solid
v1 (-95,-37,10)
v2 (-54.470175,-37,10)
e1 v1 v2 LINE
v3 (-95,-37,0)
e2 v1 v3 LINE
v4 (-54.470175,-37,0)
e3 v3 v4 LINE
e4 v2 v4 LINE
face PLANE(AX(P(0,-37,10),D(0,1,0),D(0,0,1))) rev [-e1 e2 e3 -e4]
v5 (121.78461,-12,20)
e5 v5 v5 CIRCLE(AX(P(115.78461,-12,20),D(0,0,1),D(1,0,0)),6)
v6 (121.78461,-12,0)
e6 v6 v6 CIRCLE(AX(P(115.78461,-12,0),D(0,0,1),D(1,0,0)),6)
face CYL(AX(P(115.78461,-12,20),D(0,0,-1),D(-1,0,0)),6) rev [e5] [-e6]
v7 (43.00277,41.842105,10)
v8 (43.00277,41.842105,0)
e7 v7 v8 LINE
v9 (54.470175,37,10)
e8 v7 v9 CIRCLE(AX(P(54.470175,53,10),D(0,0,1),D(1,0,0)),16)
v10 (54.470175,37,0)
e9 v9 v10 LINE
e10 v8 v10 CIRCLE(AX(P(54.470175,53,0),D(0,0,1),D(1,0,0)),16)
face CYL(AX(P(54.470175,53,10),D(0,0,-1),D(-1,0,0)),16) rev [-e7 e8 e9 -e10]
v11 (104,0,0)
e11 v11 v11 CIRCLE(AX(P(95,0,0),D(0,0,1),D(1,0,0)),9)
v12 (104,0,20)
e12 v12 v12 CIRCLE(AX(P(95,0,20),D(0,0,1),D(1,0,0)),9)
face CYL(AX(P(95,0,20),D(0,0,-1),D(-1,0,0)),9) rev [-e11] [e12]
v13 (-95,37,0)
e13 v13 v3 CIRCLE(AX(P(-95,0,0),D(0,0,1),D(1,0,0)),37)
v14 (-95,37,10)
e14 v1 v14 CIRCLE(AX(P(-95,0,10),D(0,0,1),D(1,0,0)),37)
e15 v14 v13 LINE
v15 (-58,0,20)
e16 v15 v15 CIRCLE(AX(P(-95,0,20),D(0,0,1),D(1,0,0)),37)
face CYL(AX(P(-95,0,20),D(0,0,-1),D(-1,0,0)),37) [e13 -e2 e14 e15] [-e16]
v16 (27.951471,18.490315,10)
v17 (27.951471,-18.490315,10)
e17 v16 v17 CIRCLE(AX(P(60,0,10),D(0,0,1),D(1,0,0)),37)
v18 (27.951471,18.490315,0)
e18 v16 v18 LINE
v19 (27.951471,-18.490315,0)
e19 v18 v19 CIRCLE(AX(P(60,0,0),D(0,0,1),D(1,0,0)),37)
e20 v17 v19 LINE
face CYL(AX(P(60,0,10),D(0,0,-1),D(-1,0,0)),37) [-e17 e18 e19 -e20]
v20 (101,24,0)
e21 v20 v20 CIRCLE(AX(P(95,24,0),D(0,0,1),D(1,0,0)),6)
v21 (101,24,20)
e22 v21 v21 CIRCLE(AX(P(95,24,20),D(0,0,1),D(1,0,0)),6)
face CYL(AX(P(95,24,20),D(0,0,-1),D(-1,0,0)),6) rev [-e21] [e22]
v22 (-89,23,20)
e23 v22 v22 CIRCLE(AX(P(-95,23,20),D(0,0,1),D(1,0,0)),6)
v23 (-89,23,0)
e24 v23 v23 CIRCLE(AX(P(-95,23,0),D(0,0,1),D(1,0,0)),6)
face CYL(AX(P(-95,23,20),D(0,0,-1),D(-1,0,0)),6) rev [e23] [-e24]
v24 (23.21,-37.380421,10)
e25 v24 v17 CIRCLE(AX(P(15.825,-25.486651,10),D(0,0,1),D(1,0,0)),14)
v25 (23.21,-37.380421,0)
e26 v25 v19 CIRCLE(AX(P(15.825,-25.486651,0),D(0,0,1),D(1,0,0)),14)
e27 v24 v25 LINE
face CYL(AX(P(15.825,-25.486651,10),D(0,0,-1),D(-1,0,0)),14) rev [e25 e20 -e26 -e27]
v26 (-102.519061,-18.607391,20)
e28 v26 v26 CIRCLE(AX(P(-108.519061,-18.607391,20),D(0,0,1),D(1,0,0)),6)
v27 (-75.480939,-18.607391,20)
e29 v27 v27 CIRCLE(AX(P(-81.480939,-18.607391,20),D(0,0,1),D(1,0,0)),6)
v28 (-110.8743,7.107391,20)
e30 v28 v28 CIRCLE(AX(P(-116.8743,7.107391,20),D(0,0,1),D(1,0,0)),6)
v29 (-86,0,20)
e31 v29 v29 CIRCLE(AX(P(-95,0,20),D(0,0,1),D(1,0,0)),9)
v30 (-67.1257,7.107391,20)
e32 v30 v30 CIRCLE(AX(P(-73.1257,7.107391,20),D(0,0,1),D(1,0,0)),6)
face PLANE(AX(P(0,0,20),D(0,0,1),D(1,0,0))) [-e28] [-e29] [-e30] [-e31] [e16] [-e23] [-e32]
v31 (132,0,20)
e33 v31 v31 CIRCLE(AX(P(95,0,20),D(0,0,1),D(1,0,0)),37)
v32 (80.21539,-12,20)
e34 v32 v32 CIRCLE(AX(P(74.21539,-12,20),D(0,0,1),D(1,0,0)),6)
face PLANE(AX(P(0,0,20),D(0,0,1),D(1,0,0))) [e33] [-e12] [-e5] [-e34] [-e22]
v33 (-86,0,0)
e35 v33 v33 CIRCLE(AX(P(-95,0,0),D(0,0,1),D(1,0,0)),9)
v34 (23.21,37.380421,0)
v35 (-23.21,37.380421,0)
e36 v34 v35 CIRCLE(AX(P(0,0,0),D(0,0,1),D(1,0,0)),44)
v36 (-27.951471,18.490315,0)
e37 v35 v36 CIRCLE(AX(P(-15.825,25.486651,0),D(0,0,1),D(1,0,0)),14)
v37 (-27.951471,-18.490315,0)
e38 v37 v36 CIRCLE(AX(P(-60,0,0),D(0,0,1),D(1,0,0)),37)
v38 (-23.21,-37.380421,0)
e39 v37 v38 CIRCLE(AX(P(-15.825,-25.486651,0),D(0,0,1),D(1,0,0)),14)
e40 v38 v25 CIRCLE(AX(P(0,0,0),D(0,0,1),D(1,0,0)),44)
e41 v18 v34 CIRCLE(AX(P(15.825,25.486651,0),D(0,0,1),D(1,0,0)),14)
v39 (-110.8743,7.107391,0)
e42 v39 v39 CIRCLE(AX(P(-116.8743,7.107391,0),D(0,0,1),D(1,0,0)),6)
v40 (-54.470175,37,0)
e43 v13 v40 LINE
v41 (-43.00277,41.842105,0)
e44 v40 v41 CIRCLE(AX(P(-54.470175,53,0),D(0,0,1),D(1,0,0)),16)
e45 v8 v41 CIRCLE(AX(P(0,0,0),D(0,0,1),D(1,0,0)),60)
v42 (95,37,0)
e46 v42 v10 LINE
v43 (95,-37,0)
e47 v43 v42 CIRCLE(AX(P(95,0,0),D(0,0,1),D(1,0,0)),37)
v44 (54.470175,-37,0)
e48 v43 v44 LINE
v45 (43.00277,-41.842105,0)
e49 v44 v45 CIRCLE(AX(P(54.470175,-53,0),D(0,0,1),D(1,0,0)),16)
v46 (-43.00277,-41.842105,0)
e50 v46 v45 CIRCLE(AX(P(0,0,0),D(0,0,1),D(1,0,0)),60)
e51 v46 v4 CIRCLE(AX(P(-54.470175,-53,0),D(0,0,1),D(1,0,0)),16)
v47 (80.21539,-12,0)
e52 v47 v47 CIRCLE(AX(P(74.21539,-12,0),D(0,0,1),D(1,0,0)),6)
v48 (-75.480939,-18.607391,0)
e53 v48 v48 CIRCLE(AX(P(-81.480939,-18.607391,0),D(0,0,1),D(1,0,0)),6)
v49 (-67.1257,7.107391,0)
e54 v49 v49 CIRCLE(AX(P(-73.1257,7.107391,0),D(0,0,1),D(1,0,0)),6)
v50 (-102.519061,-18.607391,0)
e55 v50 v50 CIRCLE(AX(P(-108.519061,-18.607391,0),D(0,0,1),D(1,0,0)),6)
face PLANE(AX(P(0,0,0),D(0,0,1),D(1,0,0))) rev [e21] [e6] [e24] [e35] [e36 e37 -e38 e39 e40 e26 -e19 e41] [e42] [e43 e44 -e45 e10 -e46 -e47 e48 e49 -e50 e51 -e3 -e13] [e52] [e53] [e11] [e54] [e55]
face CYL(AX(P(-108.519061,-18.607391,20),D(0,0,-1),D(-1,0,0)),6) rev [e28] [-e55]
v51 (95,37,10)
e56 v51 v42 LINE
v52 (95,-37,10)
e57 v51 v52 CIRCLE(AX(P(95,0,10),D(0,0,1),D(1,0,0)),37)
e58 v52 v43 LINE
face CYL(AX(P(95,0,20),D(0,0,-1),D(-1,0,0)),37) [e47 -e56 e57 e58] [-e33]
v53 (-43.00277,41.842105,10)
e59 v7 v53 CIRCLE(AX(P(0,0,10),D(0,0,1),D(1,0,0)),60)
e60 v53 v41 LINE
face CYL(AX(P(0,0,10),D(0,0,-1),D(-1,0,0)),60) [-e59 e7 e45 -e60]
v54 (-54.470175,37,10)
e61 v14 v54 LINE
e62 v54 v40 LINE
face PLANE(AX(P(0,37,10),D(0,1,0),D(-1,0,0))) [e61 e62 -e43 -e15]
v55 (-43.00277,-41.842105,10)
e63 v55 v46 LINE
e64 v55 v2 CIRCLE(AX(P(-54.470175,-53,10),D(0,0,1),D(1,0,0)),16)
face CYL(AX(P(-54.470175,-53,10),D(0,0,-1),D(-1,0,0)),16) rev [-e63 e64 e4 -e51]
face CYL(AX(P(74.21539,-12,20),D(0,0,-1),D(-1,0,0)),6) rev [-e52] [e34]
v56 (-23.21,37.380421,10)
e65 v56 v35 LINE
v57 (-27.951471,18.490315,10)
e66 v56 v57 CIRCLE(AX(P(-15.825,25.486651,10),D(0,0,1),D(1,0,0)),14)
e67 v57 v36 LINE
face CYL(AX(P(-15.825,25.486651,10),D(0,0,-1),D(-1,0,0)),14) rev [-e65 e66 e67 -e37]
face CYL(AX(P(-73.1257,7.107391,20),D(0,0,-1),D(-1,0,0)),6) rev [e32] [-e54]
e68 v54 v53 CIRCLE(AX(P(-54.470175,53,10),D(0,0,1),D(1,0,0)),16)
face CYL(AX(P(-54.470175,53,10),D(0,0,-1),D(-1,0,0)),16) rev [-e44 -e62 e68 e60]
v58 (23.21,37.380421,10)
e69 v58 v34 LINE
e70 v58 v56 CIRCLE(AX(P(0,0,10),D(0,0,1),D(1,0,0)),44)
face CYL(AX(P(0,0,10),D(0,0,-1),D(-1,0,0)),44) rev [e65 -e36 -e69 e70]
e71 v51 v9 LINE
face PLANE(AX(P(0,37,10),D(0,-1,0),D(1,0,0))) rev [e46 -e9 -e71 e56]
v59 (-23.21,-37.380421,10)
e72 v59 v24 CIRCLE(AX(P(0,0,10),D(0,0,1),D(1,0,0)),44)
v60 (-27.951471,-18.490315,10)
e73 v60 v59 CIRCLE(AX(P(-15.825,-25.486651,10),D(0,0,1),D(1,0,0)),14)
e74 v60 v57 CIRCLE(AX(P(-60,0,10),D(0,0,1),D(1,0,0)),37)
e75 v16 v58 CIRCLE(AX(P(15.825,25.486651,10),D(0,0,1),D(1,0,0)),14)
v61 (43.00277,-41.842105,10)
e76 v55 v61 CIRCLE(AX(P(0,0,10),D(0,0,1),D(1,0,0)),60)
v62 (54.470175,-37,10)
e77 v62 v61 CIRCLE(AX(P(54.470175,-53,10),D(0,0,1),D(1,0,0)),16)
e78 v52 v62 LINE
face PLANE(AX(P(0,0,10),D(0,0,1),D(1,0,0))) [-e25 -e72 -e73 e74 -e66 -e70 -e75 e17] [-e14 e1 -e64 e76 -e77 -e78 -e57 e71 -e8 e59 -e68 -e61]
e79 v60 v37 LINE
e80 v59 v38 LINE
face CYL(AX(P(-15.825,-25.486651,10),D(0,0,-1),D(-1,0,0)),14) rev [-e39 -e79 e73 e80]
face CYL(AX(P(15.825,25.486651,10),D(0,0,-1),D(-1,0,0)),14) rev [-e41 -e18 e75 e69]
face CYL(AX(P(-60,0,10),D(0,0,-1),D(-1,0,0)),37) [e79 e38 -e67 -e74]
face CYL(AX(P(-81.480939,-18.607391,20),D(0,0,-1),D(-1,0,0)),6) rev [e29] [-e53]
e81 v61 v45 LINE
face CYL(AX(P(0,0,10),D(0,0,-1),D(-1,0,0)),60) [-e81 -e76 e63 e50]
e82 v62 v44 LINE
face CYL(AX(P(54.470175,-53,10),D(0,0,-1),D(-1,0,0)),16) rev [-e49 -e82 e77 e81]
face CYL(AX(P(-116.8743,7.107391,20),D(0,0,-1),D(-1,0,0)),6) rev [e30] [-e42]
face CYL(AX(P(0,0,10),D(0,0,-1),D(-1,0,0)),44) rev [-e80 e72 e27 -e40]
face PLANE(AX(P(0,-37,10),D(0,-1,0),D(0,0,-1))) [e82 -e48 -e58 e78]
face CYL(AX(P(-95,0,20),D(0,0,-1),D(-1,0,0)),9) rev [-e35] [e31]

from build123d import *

# Parameters (mm, degrees)
EXTRUDE_1_DEPTH = 10
SKETCH_1_3_R    = 37
SKETCH_1_3_R_2  = 6
SKETCH_1_3_R_3  = 9
EXTRUDE_2_DEPTH = 20


with BuildPart() as part:
    # Эскиз1 → Бобышка-Вытянуть1 (new body)
    with BuildSketch(Plane.XY):
        with BuildLine():
            Line((-54.470175326, 37), (-95, 37))
            ThreePointArc((-95, 37), (-68.837049096, 26.162950904), (-58, 0))
            ThreePointArc((-58, 0), (-68.837049096, -26.162950904), (-95, -37))
            Line((-95, -37), (-54.470175326, -37))
            ThreePointArc((-54.470175326, -37), (-48.246282484, -38.260150683), (-43.002769994, -41.842105263))
            ThreePointArc((-43.002769994, -41.842105263), (0, -60), (43.002769994, -41.842105263))
            ThreePointArc((43.002769994, -41.842105263), (48.246282484, -38.260150683), (54.470175326, -37))
            Line((54.470175326, -37), (95, -37))
            ThreePointArc((95, -37), (58, 0), (95, 37))
            Line((95, 37), (54.470175326, 37))
            ThreePointArc((54.470175326, 37), (48.246282484, 38.260150683), (43.002769994, 41.842105263))
            ThreePointArc((43.002769994, 41.842105263), (0, 60), (-43.002769994, 41.842105263))
            ThreePointArc((-43.002769994, 41.842105263), (-48.246282484, 38.260150683), (-54.470175326, 37))
        make_face()
        with BuildLine():
            ThreePointArc((-23.21, 37.380421346), (0, 44), (23.21, 37.380421346))
            ThreePointArc((23.21, 37.380421346), (29.403784815, 28.894964715), (27.951470588, 18.490315372))
            ThreePointArc((27.951470588, 18.490315372), (23, 0), (27.951470588, -18.490315372))
            ThreePointArc((27.951470588, -18.490315372), (29.403784815, -28.894964715), (23.21, -37.380421346))
            ThreePointArc((23.21, -37.380421346), (0, -44), (-23.21, -37.380421346))
            ThreePointArc((-23.21, -37.380421346), (-29.403784815, -28.894964715), (-27.951470588, -18.490315372))
            ThreePointArc((-27.951470588, -18.490315372), (-23, 0), (-27.951470588, 18.490315372))
            ThreePointArc((-27.951470588, 18.490315372), (-29.403784815, 28.894964715), (-23.21, 37.380421346))
        make_face(mode=Mode.SUBTRACT)
    extrude(amount=EXTRUDE_1_DEPTH)

    # Эскиз1<3> → Бобышка-Вытянуть2 (add)
    # profile 1 of 2: a face of its own
    with BuildSketch(Plane.XY):
        with Locations((-95, 0)):
            Circle(SKETCH_1_3_R)
        with Locations((-73.125700125, 7.107390871)):
            Circle(SKETCH_1_3_R_2, mode=Mode.SUBTRACT)
        with Locations((-95, 23)):
            Circle(SKETCH_1_3_R_2, mode=Mode.SUBTRACT)
        with Locations((-116.874299875, 7.107390871)):
            Circle(SKETCH_1_3_R_2, mode=Mode.SUBTRACT)
        with Locations((-108.519060803, -18.607390871)):
            Circle(SKETCH_1_3_R_2, mode=Mode.SUBTRACT)
        with Locations((-81.480939197, -18.607390871)):
            Circle(SKETCH_1_3_R_2, mode=Mode.SUBTRACT)
        with Locations((-95, 0)):
            Circle(SKETCH_1_3_R_3, mode=Mode.SUBTRACT)
    # profile 2 of 2: a face of its own
    with BuildSketch(Plane.XY):
        with Locations((95, 0)):
            Circle(SKETCH_1_3_R)
        with Locations((95, 24)):
            Circle(SKETCH_1_3_R_2, mode=Mode.SUBTRACT)
        with Locations((74.215390309, -12)):
            Circle(SKETCH_1_3_R_2, mode=Mode.SUBTRACT)
        with Locations((115.784609691, -12)):
            Circle(SKETCH_1_3_R_2, mode=Mode.SUBTRACT)
        with Locations((95, 0)):
            Circle(SKETCH_1_3_R_3, mode=Mode.SUBTRACT)
    extrude(amount=EXTRUDE_2_DEPTH)


solid = part.part
